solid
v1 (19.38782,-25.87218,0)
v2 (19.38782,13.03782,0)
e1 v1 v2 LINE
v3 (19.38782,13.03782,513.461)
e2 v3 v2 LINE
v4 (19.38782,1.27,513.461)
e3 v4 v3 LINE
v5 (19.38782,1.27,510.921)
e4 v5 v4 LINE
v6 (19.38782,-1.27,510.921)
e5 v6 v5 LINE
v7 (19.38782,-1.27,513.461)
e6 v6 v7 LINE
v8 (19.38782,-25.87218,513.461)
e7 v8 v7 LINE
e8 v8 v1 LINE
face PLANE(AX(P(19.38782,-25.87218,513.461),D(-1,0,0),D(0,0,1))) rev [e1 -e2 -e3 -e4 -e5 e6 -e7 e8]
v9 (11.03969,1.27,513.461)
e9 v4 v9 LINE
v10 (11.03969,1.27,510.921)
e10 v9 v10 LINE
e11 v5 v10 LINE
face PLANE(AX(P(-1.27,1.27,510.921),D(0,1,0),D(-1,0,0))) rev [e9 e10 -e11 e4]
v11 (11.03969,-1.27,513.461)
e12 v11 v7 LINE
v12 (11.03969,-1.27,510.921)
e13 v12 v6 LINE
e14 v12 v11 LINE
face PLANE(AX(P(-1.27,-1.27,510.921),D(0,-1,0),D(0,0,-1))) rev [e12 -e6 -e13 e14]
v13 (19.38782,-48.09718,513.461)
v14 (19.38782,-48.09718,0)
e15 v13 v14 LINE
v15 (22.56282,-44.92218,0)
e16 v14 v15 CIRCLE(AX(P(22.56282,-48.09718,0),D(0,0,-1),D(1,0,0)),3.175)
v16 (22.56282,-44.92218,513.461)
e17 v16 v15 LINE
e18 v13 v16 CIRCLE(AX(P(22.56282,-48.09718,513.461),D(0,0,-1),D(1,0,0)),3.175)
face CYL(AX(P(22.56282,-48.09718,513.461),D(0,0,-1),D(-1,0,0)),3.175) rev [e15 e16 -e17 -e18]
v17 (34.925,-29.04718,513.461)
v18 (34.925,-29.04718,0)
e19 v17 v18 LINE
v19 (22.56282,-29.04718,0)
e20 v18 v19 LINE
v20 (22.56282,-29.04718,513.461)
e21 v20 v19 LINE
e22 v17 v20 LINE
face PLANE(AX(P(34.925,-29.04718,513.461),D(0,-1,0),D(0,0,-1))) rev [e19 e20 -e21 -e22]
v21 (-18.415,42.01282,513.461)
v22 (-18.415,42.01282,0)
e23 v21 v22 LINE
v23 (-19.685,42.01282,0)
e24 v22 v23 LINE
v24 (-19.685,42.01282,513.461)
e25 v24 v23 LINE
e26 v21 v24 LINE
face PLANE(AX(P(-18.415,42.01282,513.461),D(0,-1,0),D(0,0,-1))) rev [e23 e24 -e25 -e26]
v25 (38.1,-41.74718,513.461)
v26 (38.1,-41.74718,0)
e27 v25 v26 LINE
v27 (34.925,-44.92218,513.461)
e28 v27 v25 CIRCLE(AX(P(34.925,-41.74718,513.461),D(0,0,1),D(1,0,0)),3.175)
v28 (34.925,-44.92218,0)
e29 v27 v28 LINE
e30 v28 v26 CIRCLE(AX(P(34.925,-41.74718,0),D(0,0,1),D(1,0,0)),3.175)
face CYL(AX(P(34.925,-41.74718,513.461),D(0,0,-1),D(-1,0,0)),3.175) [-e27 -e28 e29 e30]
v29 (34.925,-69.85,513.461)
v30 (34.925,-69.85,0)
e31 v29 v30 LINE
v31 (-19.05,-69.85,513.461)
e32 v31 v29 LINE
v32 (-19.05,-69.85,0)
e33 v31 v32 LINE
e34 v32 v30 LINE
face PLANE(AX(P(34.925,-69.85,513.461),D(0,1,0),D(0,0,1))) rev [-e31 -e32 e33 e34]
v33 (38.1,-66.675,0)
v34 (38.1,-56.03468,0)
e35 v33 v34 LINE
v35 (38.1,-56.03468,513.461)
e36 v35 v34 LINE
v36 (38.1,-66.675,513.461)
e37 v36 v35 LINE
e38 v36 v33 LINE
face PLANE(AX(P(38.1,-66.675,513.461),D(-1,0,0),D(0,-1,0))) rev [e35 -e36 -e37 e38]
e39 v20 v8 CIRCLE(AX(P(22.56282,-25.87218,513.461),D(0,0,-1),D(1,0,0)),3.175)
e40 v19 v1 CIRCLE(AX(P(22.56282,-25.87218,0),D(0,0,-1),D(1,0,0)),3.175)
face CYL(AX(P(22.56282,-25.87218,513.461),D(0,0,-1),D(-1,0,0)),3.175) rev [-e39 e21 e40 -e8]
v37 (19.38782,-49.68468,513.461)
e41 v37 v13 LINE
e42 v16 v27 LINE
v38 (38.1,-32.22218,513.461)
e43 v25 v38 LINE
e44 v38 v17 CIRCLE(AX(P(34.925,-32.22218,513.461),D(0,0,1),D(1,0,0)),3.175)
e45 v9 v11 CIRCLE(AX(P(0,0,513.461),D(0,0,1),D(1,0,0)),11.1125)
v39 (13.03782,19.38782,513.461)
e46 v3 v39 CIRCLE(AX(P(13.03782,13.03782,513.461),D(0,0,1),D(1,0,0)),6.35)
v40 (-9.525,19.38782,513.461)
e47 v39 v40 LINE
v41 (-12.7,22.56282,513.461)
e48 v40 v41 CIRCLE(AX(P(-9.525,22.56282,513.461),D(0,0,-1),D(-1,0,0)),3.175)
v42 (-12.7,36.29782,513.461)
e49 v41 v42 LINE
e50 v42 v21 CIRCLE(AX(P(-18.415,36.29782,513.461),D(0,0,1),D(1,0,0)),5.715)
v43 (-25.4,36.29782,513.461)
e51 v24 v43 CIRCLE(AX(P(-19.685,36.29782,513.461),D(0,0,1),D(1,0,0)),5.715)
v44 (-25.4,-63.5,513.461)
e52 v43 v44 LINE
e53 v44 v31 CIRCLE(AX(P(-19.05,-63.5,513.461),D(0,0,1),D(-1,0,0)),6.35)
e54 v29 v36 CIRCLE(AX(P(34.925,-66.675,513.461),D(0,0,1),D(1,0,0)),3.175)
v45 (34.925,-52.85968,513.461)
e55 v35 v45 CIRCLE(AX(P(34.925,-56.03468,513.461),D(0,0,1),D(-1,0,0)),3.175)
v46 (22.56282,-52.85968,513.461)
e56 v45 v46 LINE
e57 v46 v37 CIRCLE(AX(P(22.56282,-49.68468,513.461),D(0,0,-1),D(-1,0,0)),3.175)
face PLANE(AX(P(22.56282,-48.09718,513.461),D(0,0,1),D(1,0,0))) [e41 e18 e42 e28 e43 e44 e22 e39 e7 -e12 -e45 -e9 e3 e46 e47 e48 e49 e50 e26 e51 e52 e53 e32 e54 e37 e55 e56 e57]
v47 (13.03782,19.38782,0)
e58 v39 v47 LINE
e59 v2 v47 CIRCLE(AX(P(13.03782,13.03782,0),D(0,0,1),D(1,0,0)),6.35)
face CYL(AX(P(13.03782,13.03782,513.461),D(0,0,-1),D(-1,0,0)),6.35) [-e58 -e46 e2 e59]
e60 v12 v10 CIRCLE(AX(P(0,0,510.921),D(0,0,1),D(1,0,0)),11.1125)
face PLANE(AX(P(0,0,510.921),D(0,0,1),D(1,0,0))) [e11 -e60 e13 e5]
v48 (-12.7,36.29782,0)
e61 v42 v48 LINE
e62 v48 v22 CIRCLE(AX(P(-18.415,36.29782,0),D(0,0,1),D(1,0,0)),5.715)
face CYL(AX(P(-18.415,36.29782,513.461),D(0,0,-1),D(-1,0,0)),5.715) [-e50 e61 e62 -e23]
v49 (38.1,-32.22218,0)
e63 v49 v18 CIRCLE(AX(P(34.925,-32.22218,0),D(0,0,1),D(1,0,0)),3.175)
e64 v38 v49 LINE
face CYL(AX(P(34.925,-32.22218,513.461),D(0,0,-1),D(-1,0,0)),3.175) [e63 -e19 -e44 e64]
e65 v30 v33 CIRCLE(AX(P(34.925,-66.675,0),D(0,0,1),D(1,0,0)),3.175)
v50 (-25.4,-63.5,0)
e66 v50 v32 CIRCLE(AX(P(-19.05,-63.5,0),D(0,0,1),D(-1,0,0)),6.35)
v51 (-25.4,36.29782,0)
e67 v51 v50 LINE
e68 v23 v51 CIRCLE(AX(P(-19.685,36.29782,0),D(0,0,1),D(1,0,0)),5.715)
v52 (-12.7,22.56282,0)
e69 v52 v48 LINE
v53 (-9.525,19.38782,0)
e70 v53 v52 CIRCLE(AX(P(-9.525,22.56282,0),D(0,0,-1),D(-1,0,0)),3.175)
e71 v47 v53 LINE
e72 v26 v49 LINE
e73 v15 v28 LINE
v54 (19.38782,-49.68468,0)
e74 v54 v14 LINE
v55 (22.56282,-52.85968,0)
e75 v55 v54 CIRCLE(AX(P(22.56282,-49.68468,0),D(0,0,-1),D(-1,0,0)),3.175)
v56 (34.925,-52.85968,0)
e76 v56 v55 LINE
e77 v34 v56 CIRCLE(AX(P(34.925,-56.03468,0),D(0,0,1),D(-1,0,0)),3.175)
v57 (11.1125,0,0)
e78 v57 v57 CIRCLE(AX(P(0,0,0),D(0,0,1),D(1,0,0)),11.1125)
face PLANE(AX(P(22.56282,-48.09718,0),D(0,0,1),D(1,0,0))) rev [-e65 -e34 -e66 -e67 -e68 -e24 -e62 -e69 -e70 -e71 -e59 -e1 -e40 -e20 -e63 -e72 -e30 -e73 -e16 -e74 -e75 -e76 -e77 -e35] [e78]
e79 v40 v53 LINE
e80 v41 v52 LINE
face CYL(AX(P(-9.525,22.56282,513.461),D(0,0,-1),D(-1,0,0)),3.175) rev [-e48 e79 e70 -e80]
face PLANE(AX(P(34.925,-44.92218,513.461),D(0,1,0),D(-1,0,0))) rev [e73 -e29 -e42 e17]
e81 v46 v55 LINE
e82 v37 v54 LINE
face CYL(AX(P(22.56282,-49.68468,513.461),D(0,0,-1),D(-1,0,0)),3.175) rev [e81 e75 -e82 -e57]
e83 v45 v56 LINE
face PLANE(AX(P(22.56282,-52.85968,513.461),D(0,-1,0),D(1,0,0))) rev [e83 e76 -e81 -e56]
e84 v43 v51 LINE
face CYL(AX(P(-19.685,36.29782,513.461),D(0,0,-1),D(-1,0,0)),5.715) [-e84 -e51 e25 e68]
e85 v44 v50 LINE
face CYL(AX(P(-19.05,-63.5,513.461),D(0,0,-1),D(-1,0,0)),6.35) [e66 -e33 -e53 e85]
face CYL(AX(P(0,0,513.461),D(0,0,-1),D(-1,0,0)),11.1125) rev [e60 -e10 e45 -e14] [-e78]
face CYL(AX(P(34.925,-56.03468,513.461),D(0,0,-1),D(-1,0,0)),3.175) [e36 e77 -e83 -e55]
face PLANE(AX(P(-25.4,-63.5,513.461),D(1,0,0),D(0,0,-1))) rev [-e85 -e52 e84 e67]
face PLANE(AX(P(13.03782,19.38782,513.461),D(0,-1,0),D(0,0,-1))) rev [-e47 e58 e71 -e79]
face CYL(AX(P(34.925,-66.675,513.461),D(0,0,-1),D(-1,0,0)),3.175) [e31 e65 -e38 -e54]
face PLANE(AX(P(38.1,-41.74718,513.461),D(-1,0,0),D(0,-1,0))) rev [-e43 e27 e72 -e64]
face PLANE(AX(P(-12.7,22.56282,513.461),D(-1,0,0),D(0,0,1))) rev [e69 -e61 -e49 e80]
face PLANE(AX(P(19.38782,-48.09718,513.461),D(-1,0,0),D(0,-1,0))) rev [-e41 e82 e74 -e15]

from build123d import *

# Parameters (mm, degrees)
SKETCH1_R           = 11.1125
BOSS_EXTRUDE1_DEPTH = 513.461
SKETCH2_W           = 20.65782
SKETCH2_H           = 2.54
CUT_EXTRUDE1_DEPTH  = 2.54


with BuildPart() as part:
    # Sketch1 → Boss-Extrude1 (new body)
    with BuildSketch(Plane.XY):
        with BuildLine():
            Line((34.925, -69.85), (-19.05, -69.85))
            ThreePointArc((-19.05, -69.85), (-23.540128061, -67.990128061), (-25.4, -63.5))
            Line((-25.4, -63.5), (-25.4, 36.297819962))
            ThreePointArc((-25.4, 36.297819962), (-23.726115254, 40.338935216), (-19.685, 42.012819962))
            Line((-19.685, 42.012819962), (-18.415, 42.012819962))
            ThreePointArc((-18.415, 42.012819962), (-14.373884746, 40.338935216), (-12.7, 36.297819962))
            Line((-12.7, 36.297819962), (-12.7, 22.56282))
            ThreePointArc((-12.7, 22.56282), (-11.77006403, 20.31775597), (-9.525, 19.38782))
            Line((-9.525, 19.38782), (13.03782, 19.38782))
            ThreePointArc((13.03782, 19.38782), (17.527948061, 17.527948061), (19.38782, 13.03782))
            Line((19.38782, 13.03782), (19.38782, -25.872179904))
            ThreePointArc((19.38782, -25.872179904), (20.31775597, -28.117243934), (22.56282, -29.047179904))
            Line((22.56282, -29.047179904), (34.925, -29.047179904))
            ThreePointArc((34.925, -29.047179904), (37.17006403, -29.977115874), (38.1, -32.222179904))
            Line((38.1, -32.222179904), (38.1, -41.747179904))
            ThreePointArc((38.1, -41.747179904), (37.17006403, -43.992243934), (34.925, -44.922179904))
            Line((34.925, -44.922179904), (22.56282, -44.922179904))
            ThreePointArc((22.56282, -44.922179904), (20.31775597, -45.852115874), (19.38782, -48.097179904))
            Line((19.38782, -48.097179904), (19.38782, -49.684679904))
            ThreePointArc((19.38782, -49.684679904), (20.31775597, -51.929743934), (22.56282, -52.859679904))
            Line((22.56282, -52.859679904), (34.925, -52.859679904))
            ThreePointArc((34.925, -52.859679904), (37.17006403, -53.789615874), (38.1, -56.034679904))
            Line((38.1, -56.034679904), (38.1, -66.675))
            ThreePointArc((38.1, -66.675), (37.17006403, -68.92006403), (34.925, -69.85))
        make_face()
        Circle(SKETCH1_R, mode=Mode.SUBTRACT)
    extrude(amount=BOSS_EXTRUDE1_DEPTH)

    # Sketch2 → Cut-Extrude1 (cut)
    with BuildSketch(Plane.XY.offset(513.461)):
        with Locations((9.05891, 0)):
            Rectangle(SKETCH2_W, SKETCH2_H)
    extrude(amount=-CUT_EXTRUDE1_DEPTH, mode=Mode.SUBTRACT)


solid = part.part
